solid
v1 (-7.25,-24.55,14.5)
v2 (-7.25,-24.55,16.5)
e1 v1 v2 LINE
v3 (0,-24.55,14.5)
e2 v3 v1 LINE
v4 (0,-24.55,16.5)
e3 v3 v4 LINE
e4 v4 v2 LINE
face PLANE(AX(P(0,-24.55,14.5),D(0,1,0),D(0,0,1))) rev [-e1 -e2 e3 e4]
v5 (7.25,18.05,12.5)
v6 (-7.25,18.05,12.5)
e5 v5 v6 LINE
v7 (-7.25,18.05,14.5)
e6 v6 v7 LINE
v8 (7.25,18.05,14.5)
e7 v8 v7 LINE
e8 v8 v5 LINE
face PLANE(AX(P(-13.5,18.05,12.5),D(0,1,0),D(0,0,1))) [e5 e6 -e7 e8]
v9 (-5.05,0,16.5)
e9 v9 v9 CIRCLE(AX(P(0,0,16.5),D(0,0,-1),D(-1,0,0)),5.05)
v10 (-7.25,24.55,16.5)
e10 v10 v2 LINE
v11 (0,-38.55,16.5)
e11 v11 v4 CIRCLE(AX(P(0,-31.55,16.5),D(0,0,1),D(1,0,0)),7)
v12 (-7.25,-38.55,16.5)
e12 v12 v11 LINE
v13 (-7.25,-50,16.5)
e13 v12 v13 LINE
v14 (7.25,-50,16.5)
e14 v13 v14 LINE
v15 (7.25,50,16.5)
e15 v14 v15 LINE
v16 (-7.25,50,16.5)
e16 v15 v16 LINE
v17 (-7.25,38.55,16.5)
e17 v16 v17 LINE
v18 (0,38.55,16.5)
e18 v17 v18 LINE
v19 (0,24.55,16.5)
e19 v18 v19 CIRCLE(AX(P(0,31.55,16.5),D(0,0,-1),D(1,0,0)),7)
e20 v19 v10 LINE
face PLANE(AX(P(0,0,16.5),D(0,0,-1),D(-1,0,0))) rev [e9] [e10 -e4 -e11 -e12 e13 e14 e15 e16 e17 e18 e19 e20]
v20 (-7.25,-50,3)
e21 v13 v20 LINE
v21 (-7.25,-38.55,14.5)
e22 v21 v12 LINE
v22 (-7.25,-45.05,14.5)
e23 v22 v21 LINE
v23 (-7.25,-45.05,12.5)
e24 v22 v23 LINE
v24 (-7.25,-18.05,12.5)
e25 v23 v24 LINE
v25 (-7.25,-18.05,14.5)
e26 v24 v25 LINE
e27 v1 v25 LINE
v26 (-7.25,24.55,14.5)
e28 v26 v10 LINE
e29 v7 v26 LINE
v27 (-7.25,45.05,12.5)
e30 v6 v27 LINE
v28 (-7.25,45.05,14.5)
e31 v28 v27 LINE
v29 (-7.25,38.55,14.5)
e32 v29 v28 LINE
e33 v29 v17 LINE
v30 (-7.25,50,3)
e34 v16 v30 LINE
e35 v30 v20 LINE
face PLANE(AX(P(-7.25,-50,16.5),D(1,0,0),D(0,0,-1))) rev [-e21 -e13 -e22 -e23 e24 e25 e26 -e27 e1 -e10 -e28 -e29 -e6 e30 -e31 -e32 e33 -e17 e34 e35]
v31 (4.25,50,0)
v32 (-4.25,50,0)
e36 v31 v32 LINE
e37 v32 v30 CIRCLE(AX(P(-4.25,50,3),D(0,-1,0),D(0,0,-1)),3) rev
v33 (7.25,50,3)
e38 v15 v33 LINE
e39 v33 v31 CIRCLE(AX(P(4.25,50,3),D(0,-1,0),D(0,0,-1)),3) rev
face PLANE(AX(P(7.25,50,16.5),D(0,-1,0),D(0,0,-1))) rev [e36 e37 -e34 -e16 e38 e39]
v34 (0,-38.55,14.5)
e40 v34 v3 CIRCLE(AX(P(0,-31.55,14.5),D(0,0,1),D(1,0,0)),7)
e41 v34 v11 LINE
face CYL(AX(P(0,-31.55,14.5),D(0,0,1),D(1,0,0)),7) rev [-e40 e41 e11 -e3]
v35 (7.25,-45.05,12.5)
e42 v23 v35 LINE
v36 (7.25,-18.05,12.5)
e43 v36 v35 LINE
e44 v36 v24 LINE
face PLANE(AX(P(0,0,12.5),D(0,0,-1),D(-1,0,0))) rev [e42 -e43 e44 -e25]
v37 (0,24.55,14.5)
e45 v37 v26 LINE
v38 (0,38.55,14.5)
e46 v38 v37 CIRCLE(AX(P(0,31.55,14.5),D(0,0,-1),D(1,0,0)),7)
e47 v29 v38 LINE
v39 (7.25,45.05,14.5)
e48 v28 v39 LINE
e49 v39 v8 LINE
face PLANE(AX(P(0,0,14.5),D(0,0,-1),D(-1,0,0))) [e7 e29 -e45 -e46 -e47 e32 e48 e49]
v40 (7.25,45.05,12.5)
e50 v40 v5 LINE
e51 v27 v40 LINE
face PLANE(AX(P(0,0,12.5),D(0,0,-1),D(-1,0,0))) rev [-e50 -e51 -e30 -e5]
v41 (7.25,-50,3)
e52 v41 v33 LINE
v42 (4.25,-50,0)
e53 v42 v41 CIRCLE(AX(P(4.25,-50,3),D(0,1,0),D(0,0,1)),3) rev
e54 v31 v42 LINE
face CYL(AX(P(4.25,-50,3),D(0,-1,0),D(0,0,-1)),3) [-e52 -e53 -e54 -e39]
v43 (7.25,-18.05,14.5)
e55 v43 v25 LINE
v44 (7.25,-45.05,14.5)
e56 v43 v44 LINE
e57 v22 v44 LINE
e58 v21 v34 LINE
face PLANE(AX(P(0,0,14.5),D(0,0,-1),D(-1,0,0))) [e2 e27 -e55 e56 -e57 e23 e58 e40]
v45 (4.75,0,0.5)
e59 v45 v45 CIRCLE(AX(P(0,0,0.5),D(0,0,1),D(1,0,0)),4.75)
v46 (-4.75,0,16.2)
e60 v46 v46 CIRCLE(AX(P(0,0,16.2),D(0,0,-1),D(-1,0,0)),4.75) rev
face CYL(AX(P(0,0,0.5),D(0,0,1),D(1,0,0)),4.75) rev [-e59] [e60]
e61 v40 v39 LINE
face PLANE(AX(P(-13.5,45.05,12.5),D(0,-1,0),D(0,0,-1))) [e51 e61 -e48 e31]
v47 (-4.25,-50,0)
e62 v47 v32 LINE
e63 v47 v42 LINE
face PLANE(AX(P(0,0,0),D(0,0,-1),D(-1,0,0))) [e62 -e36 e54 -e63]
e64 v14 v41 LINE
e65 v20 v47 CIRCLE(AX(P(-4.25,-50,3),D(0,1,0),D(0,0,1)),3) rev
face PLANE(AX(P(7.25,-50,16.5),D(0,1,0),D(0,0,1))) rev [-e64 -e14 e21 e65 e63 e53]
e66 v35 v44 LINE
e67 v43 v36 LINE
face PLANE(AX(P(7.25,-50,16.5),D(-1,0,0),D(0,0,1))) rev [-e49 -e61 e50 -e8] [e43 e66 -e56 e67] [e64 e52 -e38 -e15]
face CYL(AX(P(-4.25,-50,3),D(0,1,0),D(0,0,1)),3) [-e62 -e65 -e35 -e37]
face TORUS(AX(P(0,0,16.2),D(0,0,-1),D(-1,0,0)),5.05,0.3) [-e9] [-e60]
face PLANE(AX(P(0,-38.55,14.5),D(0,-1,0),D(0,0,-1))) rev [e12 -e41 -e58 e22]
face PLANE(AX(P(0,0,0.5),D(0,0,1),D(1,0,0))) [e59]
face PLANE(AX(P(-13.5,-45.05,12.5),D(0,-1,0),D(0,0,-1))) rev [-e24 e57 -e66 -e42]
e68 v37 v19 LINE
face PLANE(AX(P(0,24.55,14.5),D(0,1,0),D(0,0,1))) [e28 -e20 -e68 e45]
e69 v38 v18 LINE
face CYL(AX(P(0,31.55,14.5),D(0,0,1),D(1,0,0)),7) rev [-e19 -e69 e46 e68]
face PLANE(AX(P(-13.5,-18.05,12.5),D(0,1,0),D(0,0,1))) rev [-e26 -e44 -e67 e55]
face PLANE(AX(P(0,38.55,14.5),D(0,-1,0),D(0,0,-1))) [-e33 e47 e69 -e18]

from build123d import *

# Parameters (mm, degrees)
SKETCH7_W           = 100
SKETCH7_H           = 14.5
BOSS_EXTRUDE1_DEPTH = 16.5
SKETCH8_R           = 4.75
CUT_EXTRUDE2_DEPTH  = 16
CUT_EXTRUDE3_START  = -2
SKETCH9_W           = 27
SKETCH9_H           = 27
CUT_EXTRUDE3_DEPTH  = 2
CUT_EXTRUDE4_DEPTH  = 2
FILLET1_R           = 3
FILLET2_R           = 3
FILLET3_R           = 0.3


with BuildPart() as part:
    # Sketch7 → Boss-Extrude1 (new body)
    with BuildSketch(Plane(origin=(0, 0, 0), x_dir=(0, 1, 0), z_dir=(0, 0, 1))):
        Rectangle(SKETCH7_W, SKETCH7_H)
    extrude(amount=BOSS_EXTRUDE1_DEPTH)

    # Sketch8 → Cut-Extrude2 (cut)
    with BuildSketch(Plane(origin=(0, 0, 16.5), x_dir=(0, -1, 0), z_dir=(0, 0, 1))):
        with Locations(Location((0, 0, 0), (0, 0, 90))):
            Circle(SKETCH8_R)
    extrude(amount=-CUT_EXTRUDE2_DEPTH, mode=Mode.SUBTRACT)

    # Sketch9 → Cut-Extrude3 (cut)
    with BuildSketch(Plane.XY.offset(16.5).offset(CUT_EXTRUDE3_START)):
        with Locations((0, -31.55)):
            Rectangle(SKETCH9_W, SKETCH9_H)
    cut_extrude3 = extrude(amount=-CUT_EXTRUDE3_DEPTH, mode=Mode.SUBTRACT)

    # Sketch10 → Cut-Extrude4 (cut)
    with BuildSketch(Plane.XY.offset(16.5)):
        with BuildLine():
            Line((0, -24.55), (-7.25, -24.55))
            Line((-7.25, -24.55), (-7.25, -38.55))
            Line((-7.25, -38.55), (0, -38.55))
            ThreePointArc((0, -38.55), (7, -31.55), (0, -24.55))
        make_face()
    cut_extrude4 = extrude(amount=-CUT_EXTRUDE4_DEPTH, mode=Mode.SUBTRACT)

    # Mirror1: Cut-Extrude3 across plane
    add(cut_extrude3.mirror(Plane.ZX), mode=Mode.SUBTRACT)

    # Mirror2: Cut-Extrude4 across plane
    add(cut_extrude4.mirror(Plane.ZX), mode=Mode.SUBTRACT)

    # Fillet1
    fillet1_edges = [part.edges().sort_by_distance(p)[0] for p in [
        (-7.25, 0, 0),
    ]]
    fillet(fillet1_edges, radius=FILLET1_R)

    # Fillet2
    fillet2_edges = [part.edges().sort_by_distance(p)[0] for p in [
        (7.25, 0, 0),
    ]]
    fillet(fillet2_edges, radius=FILLET2_R)

    # Fillet3
    fillet3_edges = [part.edges().sort_by_distance(p)[0] for p in [
        (-4.75, 0, 16.5),
    ]]
    fillet(fillet3_edges, radius=FILLET3_R)


solid = part.part
